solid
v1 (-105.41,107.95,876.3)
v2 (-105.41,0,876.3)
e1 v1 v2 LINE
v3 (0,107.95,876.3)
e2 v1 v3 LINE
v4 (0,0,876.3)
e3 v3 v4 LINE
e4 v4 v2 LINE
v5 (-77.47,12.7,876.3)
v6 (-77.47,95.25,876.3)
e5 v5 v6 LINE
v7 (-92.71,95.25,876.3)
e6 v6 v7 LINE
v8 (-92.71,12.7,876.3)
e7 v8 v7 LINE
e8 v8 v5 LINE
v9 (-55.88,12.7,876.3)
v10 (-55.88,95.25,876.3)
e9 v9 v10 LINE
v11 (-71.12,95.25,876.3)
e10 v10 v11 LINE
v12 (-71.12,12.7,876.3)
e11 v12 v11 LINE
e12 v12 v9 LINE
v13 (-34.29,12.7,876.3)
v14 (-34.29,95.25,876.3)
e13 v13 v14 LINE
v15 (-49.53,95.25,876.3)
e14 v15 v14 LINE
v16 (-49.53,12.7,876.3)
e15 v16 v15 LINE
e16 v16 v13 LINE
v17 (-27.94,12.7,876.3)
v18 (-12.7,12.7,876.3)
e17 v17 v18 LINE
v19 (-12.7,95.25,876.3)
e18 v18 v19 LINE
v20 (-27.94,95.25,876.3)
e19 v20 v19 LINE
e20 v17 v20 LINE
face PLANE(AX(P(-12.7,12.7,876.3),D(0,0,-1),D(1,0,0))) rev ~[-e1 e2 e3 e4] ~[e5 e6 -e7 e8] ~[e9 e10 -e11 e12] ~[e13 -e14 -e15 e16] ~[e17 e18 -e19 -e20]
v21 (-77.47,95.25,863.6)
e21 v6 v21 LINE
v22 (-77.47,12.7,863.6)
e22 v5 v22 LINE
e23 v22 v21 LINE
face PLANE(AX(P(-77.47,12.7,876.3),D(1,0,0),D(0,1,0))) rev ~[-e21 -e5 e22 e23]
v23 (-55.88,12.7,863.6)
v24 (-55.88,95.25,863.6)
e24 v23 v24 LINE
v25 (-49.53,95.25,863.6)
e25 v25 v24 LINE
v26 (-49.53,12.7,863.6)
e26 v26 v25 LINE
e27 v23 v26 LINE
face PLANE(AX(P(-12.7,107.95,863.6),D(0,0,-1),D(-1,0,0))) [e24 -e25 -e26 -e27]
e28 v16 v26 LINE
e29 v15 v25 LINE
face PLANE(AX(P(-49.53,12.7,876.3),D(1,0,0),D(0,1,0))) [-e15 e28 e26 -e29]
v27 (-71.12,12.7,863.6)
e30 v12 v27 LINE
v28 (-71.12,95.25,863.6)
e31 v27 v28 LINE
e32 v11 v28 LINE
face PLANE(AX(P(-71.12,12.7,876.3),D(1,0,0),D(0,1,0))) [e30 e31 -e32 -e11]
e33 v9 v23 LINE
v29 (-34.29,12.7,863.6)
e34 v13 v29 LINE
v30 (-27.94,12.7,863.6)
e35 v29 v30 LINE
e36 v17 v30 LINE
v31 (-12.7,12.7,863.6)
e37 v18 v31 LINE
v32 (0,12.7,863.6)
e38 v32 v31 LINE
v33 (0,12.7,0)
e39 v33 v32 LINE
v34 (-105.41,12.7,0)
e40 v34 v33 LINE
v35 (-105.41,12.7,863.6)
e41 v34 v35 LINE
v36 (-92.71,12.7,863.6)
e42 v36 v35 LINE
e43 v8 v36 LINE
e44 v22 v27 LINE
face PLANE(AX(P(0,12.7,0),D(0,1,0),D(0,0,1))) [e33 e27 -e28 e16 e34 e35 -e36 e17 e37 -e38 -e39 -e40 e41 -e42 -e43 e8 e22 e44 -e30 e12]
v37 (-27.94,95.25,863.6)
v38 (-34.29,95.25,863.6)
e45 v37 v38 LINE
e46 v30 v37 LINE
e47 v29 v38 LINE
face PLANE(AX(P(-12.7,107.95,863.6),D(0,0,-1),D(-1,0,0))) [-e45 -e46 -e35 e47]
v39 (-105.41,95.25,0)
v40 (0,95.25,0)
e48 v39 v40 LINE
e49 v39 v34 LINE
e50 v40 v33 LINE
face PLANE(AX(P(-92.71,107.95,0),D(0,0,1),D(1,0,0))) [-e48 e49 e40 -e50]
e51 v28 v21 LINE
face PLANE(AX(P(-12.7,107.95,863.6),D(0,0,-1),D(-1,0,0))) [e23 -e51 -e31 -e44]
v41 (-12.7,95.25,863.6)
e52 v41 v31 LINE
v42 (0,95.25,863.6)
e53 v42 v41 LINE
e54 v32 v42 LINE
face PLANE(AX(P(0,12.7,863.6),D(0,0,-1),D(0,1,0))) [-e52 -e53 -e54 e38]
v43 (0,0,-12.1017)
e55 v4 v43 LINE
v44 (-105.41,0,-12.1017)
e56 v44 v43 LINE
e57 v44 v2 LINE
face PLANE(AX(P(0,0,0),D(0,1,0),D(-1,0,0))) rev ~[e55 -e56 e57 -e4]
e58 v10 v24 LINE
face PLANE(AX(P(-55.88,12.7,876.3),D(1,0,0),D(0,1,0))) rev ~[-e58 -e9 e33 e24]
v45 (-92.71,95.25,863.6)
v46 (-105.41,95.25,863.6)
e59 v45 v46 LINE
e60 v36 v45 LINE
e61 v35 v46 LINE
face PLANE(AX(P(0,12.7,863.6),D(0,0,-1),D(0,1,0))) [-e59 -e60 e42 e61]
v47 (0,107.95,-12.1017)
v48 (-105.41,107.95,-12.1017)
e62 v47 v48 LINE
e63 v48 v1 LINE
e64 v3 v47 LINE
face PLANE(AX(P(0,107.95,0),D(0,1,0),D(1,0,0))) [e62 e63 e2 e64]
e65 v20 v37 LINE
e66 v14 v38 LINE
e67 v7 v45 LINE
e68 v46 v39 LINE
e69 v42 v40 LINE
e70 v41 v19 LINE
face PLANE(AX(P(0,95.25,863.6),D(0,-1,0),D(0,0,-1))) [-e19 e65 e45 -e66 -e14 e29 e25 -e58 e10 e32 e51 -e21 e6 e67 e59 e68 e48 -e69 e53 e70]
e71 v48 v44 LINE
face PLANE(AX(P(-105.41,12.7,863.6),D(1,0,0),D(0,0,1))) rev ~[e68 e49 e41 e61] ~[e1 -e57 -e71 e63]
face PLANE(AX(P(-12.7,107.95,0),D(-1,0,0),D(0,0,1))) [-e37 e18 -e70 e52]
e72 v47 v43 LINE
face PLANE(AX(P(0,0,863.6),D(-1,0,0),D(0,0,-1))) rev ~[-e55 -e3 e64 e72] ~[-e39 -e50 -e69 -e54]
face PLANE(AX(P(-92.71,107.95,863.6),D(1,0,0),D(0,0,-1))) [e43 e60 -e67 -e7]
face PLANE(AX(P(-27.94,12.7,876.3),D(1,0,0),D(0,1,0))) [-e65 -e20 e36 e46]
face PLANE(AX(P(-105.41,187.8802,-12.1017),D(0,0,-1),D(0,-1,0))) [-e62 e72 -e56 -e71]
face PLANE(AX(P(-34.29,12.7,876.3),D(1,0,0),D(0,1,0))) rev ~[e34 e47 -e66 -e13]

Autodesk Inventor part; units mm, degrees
ref_plane "YZ Plane" through (0, 0, 0) normal (1, 0, 0) x (0, 1, 0)
ref_plane "XZ Plane" through (0, 0, 0) normal (0, 1, 0) x (-1, 0, 0)
ref_plane "XY Plane" through (0, 0, 0) normal (0, 0, 1) x (1, 0, 0)
sketch "Sketch1" plane through (0, 0, 0) normal (0, 1, 0) x (-1, 0, 0)
  line L0 (0, 0) -> (105.41, 0)
  line L1 (105.41, 0) -> (105.41, 863.6)
  line L2 (105.41, 863.6) -> (0, 863.6)
  line L3 (0, 863.6) -> (0, 0)
  dimension "d0" = 105.41
  dimension "d1" = 863.6
extrude "Extrusion1" add sketch "Sketch1" along normal blind 12.7
sketch "Sketch2" plane through (0, 12.7, 0) normal (0, 1, 0) x (1, 0, 0)
  line L0 (0, 0) -> (-105.41, 0) projected
  line L1 (0, 0) -> (-12.7, 0)
  line L2 (-12.7, 0) -> (-12.7, 12.7)
  line L3 (-12.7, 12.7) -> (0, 12.7)
  line L4 (0, 12.7) -> (0, 0)
  line L5 (-105.41, 0) -> (-105.41, -863.6) projected
  line L6 (0, 12.7) -> (-105.41, 12.7)
  line L7 (-105.41, 12.7) -> (-105.41, 0)
  line L8 (-105.41, 0) -> (0, 0)
  line L9 (0, 0) -> (0, 12.7)
  line L10 (0, -863.6) -> (0, 0) projected
  line L11 (0, -863.6) -> (-105.41, -863.6)
  line L12 (-105.41, -863.6) -> (-105.41, -876.3)
  line L13 (-105.41, -876.3) -> (0, -876.3)
  line L14 (0, -876.3) -> (0, -863.6)
  line L15 (-105.41, -863.6) -> (-92.71, -863.6)
  line L16 (-92.71, -863.6) -> (-92.71, 12.7)
  line L17 (-92.71, 12.7) -> (-105.41, 12.7)
  line L18 (-105.41, 12.7) -> (-105.41, -863.6)
  line L19 (0, 12.7) -> (-12.7, 12.7)
  line L20 (-12.7, 12.7) -> (-12.7, -876.3)
  line L21 (-12.7, -876.3) -> (0, -876.3)
  line L22 (0, -876.3) -> (0, 12.7)
  point P0 (-12.7, -863.6)
  point P1 (-92.71, 0)
  dimension "d4" = 12.7
  dimension "d5" = 12.7
  dimension "d6" = 12.7
  dimension "d7" = 12.7
  dimension "d8" = 12.7
extrude "Extrusion2" add sketch "Sketch2" along normal blind 95.25 and the other way blind 12.7 contours L10 L11 L20 L0 | L0 L2 L3 L4 | L0 L16 L6 L2 | L14 L13 L20 L11 | L16 L11 L5 L0 | L0 L7 L6 L16 | L20 L13 L12 L11
sketch "Sketch3" plane through (-105.41, 107.95, 876.3) normal (0, 0, 1) x (1, 0, 0)
  line L0 (12.7, -95.25) -> (92.71, -95.25) projected
  line L1 (12.7, -95.25) -> (12.7, 0) projected
  line L2 (92.71, -95.25) -> (92.71, 0) projected
  line L3 (92.71, -95.25) -> (77.47, -95.25)
  line L4 (77.47, -95.25) -> (77.47, -12.7)
  line L5 (77.47, -12.7) -> (92.71, -12.7)
  line L6 (92.71, -12.7) -> (92.71, -95.25)
  line L7 (12.7, -95.25) -> (27.94, -95.25)
  line L8 (27.94, -95.25) -> (27.94, -12.7)
  line L9 (27.94, -12.7) -> (12.7, -12.7)
  line L10 (12.7, -12.7) -> (12.7, -95.25)
  line L11 (27.94, -95.25) -> (34.29, -95.25)
  line L12 (34.29, -95.25) -> (34.29, -12.7)
  line L13 (34.29, -12.7) -> (27.94, -12.7)
  line L14 (27.94, -12.7) -> (27.94, -95.25)
  line L15 (77.47, -95.25) -> (71.12, -95.25)
  line L16 (71.12, -95.25) -> (71.12, -12.7)
  line L17 (71.12, -12.7) -> (77.47, -12.7)
  line L18 (77.47, -12.7) -> (77.47, -95.25)
  line L19 (34.29, -95.25) -> (49.53, -95.25)
  line L20 (49.53, -95.25) -> (49.53, -12.7)
  line L21 (49.53, -12.7) -> (34.29, -12.7)
  line L22 (34.29, -12.7) -> (34.29, -95.25)
  line L23 (71.12, -95.25) -> (55.88, -95.25)
  line L24 (55.88, -95.25) -> (55.88, -12.7)
  line L25 (55.88, -12.7) -> (71.12, -12.7)
  line L26 (71.12, -12.7) -> (71.12, -95.25)
  point P0 (105.41, -107.95)
  dimension "d13" = 15.24
  dimension "d14" = 82.55
  dimension "d15" = 15.24
  dimension "d16" = 6.35
  dimension "d17" = 6.35
  dimension "d18" = 15.24
  dimension "d19" = 15.24
extrude "Extrusion3" cut sketch "Sketch3" against normal blind 95.25 contours L1 L9 L8 L0 | L24 L25 L16 L0 | L12 L21 L20 L0 | L4 L5 L2 L0
sketch "Sketch5" plane through (-105.41, 107.95, 876.3) normal (0, 0, 1) x (1, 0, 0)
  line L0 (71.12, -95.25) -> (55.88, -95.25) projected
  line L1 (55.88, -95.25) -> (55.88, -12.7) projected
  line L2 (55.88, -12.7) -> (71.12, -12.7) projected
  line L3 (71.12, -12.7) -> (71.12, -95.25) projected
  line L4 (49.53, -95.25) -> (34.29, -95.25) projected
  line L5 (34.29, -95.25) -> (34.29, -12.7) projected
  line L6 (34.29, -12.7) -> (49.53, -12.7) projected
  line L7 (49.53, -12.7) -> (49.53, -95.25) projected
  line L8 (92.71, -95.25) -> (77.47, -95.25) projected
  line L9 (77.47, -95.25) -> (77.47, -12.7) projected
  line L10 (77.47, -12.7) -> (92.71, -12.7) projected
  line L11 (92.71, -12.7) -> (92.71, -95.25) projected
  line L12 (27.94, -95.25) -> (12.7, -95.25) projected
  line L13 (12.7, -95.25) -> (12.7, -12.7) projected
  line L14 (12.7, -12.7) -> (27.94, -12.7) projected
  line L15 (27.94, -12.7) -> (27.94, -95.25) projected
  line L16 (105.41, -107.95) -> (105.41, 0) projected
  line L17 (0, 0) -> (105.41, 0) projected
  line L18 (0, -107.95) -> (0, 0) projected
  line L19 (105.41, -107.95) -> (0, -107.95) projected
  line L20 (92.71, 0) -> (12.7, 0) projected
  circle A0 centre (52.705, 26.3525) radius 26.3525
  dimension "d40" = 52.705
extrude "Extrusion4" add sketch "Sketch5" against normal blind 1270 contours A0
sketch "Sketch6" plane through (0, 0, -12.7) normal (1, 0, 0) x (0, 0, -1)
  line L0 (0, 0) -> (-889, 0) projected
  line L1 (-444.5, 0) -> (-444.5, 160.655)
  line L2 (-889, 160.655) -> (381, 160.655) projected
  line L3 (-444.5, 160.655) -> (-444.5, 167.005)
  line L4 (-444.5, 0) -> (-444.5, -6.35)
  line L5 (-444.5, 167.005) -> (-428.625, 167.005)
  line L6 (-428.625, 167.005) -> (-460.375, 167.005)
  line L7 (-428.625, 167.005) -> (-460.375, 167.005)
  line L8 (-460.375, 167.005) -> (-460.375, -6.35)
  line L9 (-460.375, -6.35) -> (-428.625, -6.35)
  line L10 (-428.625, -6.35) -> (-428.625, 167.005)
  line L11 (-889, 0) -> (-793.75, 0)
  line L12 (0, 107.95) -> (0, 0) projected
  line L13 (0, 0) -> (-95.25, 0)
  line L14 (-95.25, 0) -> (-95.25, -6.35)
  line L15 (-793.75, 0) -> (-793.75, -6.35)
  line L16 (-793.75, -6.35) -> (-762, -6.35)
  line L17 (-762, -6.35) -> (-762, 167.005)
  line L18 (-762, 167.005) -> (-793.75, 167.005)
  line L19 (-793.75, 167.005) -> (-793.75, -6.35)
  line L20 (-95.25, -6.35) -> (-127, -6.35)
  line L21 (-127, -6.35) -> (-127, 167.005)
  line L22 (-127, 167.005) -> (-95.25, 167.005)
  line L23 (-95.25, 167.005) -> (-95.25, -6.35)
  line L24 (-111.125, 167.005) -> (-111.125, -6.35)
  line L25 (-777.875, -6.35) -> (-777.875, 167.005)
  line L26 (-777.875, 79.2503) -> (-762, 79.2503)
  line L27 (-111.125, 68.9503) -> (-95.25, 68.9503)
  line L28 (-451.8389, 167.005) -> (-451.8389, 163.0426)
  circle A0 centre (-444.5, 148.7424) radius 10.8761
  circle A1 centre (-444.5, 11.9126) radius 11.9126
  line L29 (-456.4123, 12.0028) -> (-455.3758, 148.8248)
  line L30 (-433.6242, 148.8248) -> (-432.5877, 12.0028)
  line L31 (-127, 12.7) -> (-139.7, 12.7)
  line L32 (-139.7, 12.7) -> (-165.1, 12.7)
  line L33 (-460.375, 21.426) -> (-473.075, 21.426)
  line L34 (0, 107.95) -> (-889, 107.95) projected
  line L35 (-524.7767, 107.95) -> (-524.7767, 0)
  line L36 (-524.7767, 53.975) -> (-485.775, 53.975)
  circle A2 centre (-485.775, 53.975) radius 12.7
  line L37 (-498.475, 0) -> (-498.475, -3.175)
  line L38 (-498.475, -3.175) -> (-473.075, -3.175)
  line L39 (-473.075, -3.175) -> (-473.075, 53.975)
  line L40 (-498.475, 53.975) -> (-498.475, 0)
  line L41 (-694.0635, 0) -> (-694.0635, 19.05)
  line L42 (-762, 19.05) -> (-571.5, 19.05)
  line L43 (-687.1312, 19.05) -> (-687.1312, 44.45)
  line L44 (-762, 44.45) -> (-565.15, 44.45)
  line L45 (-571.5, 19.05) -> (-565.15, 44.45)
  point P0 (-12.7, 0)
  dimension "d25" = 6.35
  dimension "d26" = 6.35
  dimension "d27" = 15.875
  dimension "d28" = 31.75
  dimension "d29" = 95.25
  dimension "d30" = 95.25
  dimension "d31" = 6.35
  dimension "d32" = 6.35
  dimension "d33" = 31.75
  dimension "d34" = 31.75
  dimension "d35" = 3.9624
  dimension "d39" = 23.8252
  dimension "d41" = 12.7
  dimension "d42" = 25.4
  dimension "d43" = 12.7
  dimension "d45" = 19.05
  dimension "d46" = 190.5
  dimension "d47" = 25.4
  dimension "d48" = 196.85
sketch "Sketch7" plane through (-105.41, 0, 876.3) normal (0, 0, 1) x (1, 0, 0)
  point P0 (105.41, 0)
extrude "Extrusion5" cut sketch "Sketch6" against normal blind 15.24 contours L42 L17 L44 L43 | L43 L44 L45 L42
sketch "Sketch8" plane through (0, 107.95, 0) normal (0, 1, 0) x (1, 0, 0)
  line L0 (0, -876.3) -> (0, 12.7) projected
  line L1 (-105.41, 12.7) -> (-105.41, -876.3) projected
  line L2 (0, 12.7) -> (-105.41, 12.7)
  line L3 (-105.41, 12.7) -> (-105.41, -876.3)
  line L4 (-105.41, -876.3) -> (0, -876.3)
  line L5 (0, -876.3) -> (0, 12.7)
  point P0 (0, 0)
extrude "Extrusion6" add sketch "Sketch8" against normal blind 12.7
sketch "Sketch9" plane through (-52.705, 134.3025, 876.3) normal (0, 0, 1) x (1, 0, 0)
  line L0 (-52.705, -26.3525) -> (0, -26.3525) projected
  line L1 (-39.5109, -26.3525) -> (301.585, -26.3525)
  line L2 (301.585, -26.3525) -> (301.585, 239.994)
  line L3 (301.585, 239.994) -> (-39.5109, 239.994)
  line L4 (-39.5109, 239.994) -> (-39.5109, -26.3525)
  point P0 (52.705, -134.3025)
extrude "Extrusion7" cut sketch "Sketch9" against normal through all
sketch "Sketch10" plane through (-105.41, 0, 876.3) normal (0, 0, 1) x (1, 0, 0)
  point P0 (105.41, 0)
sketch "Sketch11" plane through (0, 107.95, 0) normal (0, 1, 0) x (1, 0, 0)
  line L0 (-105.41, -876.3) -> (0, -876.3) projected
  line L1 (0, -876.3) -> (0, 12.7) projected
  line L2 (0, 12.7) -> (-105.41, 12.7) projected
  line L3 (-105.41, 12.7) -> (-105.41, -876.3) projected
  line L4 (-92.71, 0) -> (-12.7, 0)
  line L5 (-12.7, 0) -> (-12.7, -863.6)
  line L6 (-12.7, -863.6) -> (-92.71, -863.6)
  line L7 (-92.71, -863.6) -> (-92.71, 0)
  point P0 (0, 0)
  dimension "d55" = 12.7
extrude "Extrusion8" cut sketch "Sketch11" against normal blind 1270 contours L4 L5 L6 L7
sketch "Sketch12" plane through (0, 0, 876.3) normal (1, 0, 0) x (0, 0, -1)
  line L0 (0, 0) -> (0, 107.95) projected
  line L1 (889, 0) -> (0, 0) projected
  line L2 (889, 0) -> (889, 107.95) projected
  line L3 (0, 107.95) -> (889, 107.95) projected
  line L4 (317.5, 19.05) -> (127, 19.05) projected
  line L5 (127, 19.05) -> (127, 44.45) projected
  line L6 (127, 44.45) -> (323.85, 44.45) projected
  line L7 (323.85, 44.45) -> (317.5, 19.05) projected
  line L8 (876.3, 95.25) -> (876.3, 12.7)
  line L9 (876.3, 12.7) -> (12.7, 12.7)
  line L10 (12.7, 12.7) -> (12.7, 95.25)
  line L11 (12.7, 95.25) -> (876.3, 95.25)
  point P0 (876.3, 0)
  dimension "d58" = 12.7
extrude "Extrusion9" cut sketch "Sketch12" against normal blind 1270 contours L8 L9 L10 L11
sketch "Sketch13" plane through (-105.41, 19.05, 749.3) normal (-1, 0, 0) x (0, 0, 1)
  line L0 (-207.2337, 33.8649) -> (23.2092, 33.8649)
  line L1 (23.2092, 33.8649) -> (23.2092, -2.854)
  line L2 (23.2092, -2.854) -> (-207.2337, -2.854)
  line L3 (-207.2337, -2.854) -> (-207.2337, 33.8649)
  point P0 (-749.3, -19.05)
extrude "Extrusion10" cut sketch "Sketch13" against normal blind 1270
sketch "Sketch14" plane through (-105.41, 0, 876.3) normal (0, 0, 1) x (1, 0, 0)
  line L0 (105.41, 0) -> (0, 0) projected
  line L1 (0, 0) -> (106.6554, 0)
  line L2 (106.6554, 0) -> (106.6554, 12.7)
  line L3 (106.6554, 12.7) -> (0, 12.7)
  line L4 (0, 12.7) -> (0, 0)
  line L5 (105.41, 0) -> (105.41, 107.95) projected
  line L6 (0, 12.7) -> (0, 95.25) projected
  line L7 (105.41, 107.95) -> (0, 107.95)
  line L8 (0, 107.95) -> (0, 95.25)
  line L9 (0, 95.25) -> (105.41, 95.25)
  line L10 (105.41, 95.25) -> (105.41, 107.95)
  point P0 (105.41, 12.7)
extrude "Extrusion11" add sketch "Sketch14" against normal blind 1270 contours L0 L4 L3 L5 | L9 L8 L7 L5
sketch "Sketch15" plane through (-105.41, 0, 876.3) normal (-1, 0, 0) x (0, 0, 1)
  line L0 (-1270, 0) -> (0, 0) projected
  line L1 (-888.4017, 0) -> (-1470.844, 0)
  line L2 (-1470.844, 0) -> (-1470.844, 187.8802)
  line L3 (-1470.844, 187.8802) -> (-888.4017, 187.8802)
  line L4 (-888.4017, 187.8802) -> (-888.4017, 0)
  point P0 (-876.3, 0)
extrude "Extrusion12" cut sketch "Sketch15" against normal blind 1270
properties part number "box"
